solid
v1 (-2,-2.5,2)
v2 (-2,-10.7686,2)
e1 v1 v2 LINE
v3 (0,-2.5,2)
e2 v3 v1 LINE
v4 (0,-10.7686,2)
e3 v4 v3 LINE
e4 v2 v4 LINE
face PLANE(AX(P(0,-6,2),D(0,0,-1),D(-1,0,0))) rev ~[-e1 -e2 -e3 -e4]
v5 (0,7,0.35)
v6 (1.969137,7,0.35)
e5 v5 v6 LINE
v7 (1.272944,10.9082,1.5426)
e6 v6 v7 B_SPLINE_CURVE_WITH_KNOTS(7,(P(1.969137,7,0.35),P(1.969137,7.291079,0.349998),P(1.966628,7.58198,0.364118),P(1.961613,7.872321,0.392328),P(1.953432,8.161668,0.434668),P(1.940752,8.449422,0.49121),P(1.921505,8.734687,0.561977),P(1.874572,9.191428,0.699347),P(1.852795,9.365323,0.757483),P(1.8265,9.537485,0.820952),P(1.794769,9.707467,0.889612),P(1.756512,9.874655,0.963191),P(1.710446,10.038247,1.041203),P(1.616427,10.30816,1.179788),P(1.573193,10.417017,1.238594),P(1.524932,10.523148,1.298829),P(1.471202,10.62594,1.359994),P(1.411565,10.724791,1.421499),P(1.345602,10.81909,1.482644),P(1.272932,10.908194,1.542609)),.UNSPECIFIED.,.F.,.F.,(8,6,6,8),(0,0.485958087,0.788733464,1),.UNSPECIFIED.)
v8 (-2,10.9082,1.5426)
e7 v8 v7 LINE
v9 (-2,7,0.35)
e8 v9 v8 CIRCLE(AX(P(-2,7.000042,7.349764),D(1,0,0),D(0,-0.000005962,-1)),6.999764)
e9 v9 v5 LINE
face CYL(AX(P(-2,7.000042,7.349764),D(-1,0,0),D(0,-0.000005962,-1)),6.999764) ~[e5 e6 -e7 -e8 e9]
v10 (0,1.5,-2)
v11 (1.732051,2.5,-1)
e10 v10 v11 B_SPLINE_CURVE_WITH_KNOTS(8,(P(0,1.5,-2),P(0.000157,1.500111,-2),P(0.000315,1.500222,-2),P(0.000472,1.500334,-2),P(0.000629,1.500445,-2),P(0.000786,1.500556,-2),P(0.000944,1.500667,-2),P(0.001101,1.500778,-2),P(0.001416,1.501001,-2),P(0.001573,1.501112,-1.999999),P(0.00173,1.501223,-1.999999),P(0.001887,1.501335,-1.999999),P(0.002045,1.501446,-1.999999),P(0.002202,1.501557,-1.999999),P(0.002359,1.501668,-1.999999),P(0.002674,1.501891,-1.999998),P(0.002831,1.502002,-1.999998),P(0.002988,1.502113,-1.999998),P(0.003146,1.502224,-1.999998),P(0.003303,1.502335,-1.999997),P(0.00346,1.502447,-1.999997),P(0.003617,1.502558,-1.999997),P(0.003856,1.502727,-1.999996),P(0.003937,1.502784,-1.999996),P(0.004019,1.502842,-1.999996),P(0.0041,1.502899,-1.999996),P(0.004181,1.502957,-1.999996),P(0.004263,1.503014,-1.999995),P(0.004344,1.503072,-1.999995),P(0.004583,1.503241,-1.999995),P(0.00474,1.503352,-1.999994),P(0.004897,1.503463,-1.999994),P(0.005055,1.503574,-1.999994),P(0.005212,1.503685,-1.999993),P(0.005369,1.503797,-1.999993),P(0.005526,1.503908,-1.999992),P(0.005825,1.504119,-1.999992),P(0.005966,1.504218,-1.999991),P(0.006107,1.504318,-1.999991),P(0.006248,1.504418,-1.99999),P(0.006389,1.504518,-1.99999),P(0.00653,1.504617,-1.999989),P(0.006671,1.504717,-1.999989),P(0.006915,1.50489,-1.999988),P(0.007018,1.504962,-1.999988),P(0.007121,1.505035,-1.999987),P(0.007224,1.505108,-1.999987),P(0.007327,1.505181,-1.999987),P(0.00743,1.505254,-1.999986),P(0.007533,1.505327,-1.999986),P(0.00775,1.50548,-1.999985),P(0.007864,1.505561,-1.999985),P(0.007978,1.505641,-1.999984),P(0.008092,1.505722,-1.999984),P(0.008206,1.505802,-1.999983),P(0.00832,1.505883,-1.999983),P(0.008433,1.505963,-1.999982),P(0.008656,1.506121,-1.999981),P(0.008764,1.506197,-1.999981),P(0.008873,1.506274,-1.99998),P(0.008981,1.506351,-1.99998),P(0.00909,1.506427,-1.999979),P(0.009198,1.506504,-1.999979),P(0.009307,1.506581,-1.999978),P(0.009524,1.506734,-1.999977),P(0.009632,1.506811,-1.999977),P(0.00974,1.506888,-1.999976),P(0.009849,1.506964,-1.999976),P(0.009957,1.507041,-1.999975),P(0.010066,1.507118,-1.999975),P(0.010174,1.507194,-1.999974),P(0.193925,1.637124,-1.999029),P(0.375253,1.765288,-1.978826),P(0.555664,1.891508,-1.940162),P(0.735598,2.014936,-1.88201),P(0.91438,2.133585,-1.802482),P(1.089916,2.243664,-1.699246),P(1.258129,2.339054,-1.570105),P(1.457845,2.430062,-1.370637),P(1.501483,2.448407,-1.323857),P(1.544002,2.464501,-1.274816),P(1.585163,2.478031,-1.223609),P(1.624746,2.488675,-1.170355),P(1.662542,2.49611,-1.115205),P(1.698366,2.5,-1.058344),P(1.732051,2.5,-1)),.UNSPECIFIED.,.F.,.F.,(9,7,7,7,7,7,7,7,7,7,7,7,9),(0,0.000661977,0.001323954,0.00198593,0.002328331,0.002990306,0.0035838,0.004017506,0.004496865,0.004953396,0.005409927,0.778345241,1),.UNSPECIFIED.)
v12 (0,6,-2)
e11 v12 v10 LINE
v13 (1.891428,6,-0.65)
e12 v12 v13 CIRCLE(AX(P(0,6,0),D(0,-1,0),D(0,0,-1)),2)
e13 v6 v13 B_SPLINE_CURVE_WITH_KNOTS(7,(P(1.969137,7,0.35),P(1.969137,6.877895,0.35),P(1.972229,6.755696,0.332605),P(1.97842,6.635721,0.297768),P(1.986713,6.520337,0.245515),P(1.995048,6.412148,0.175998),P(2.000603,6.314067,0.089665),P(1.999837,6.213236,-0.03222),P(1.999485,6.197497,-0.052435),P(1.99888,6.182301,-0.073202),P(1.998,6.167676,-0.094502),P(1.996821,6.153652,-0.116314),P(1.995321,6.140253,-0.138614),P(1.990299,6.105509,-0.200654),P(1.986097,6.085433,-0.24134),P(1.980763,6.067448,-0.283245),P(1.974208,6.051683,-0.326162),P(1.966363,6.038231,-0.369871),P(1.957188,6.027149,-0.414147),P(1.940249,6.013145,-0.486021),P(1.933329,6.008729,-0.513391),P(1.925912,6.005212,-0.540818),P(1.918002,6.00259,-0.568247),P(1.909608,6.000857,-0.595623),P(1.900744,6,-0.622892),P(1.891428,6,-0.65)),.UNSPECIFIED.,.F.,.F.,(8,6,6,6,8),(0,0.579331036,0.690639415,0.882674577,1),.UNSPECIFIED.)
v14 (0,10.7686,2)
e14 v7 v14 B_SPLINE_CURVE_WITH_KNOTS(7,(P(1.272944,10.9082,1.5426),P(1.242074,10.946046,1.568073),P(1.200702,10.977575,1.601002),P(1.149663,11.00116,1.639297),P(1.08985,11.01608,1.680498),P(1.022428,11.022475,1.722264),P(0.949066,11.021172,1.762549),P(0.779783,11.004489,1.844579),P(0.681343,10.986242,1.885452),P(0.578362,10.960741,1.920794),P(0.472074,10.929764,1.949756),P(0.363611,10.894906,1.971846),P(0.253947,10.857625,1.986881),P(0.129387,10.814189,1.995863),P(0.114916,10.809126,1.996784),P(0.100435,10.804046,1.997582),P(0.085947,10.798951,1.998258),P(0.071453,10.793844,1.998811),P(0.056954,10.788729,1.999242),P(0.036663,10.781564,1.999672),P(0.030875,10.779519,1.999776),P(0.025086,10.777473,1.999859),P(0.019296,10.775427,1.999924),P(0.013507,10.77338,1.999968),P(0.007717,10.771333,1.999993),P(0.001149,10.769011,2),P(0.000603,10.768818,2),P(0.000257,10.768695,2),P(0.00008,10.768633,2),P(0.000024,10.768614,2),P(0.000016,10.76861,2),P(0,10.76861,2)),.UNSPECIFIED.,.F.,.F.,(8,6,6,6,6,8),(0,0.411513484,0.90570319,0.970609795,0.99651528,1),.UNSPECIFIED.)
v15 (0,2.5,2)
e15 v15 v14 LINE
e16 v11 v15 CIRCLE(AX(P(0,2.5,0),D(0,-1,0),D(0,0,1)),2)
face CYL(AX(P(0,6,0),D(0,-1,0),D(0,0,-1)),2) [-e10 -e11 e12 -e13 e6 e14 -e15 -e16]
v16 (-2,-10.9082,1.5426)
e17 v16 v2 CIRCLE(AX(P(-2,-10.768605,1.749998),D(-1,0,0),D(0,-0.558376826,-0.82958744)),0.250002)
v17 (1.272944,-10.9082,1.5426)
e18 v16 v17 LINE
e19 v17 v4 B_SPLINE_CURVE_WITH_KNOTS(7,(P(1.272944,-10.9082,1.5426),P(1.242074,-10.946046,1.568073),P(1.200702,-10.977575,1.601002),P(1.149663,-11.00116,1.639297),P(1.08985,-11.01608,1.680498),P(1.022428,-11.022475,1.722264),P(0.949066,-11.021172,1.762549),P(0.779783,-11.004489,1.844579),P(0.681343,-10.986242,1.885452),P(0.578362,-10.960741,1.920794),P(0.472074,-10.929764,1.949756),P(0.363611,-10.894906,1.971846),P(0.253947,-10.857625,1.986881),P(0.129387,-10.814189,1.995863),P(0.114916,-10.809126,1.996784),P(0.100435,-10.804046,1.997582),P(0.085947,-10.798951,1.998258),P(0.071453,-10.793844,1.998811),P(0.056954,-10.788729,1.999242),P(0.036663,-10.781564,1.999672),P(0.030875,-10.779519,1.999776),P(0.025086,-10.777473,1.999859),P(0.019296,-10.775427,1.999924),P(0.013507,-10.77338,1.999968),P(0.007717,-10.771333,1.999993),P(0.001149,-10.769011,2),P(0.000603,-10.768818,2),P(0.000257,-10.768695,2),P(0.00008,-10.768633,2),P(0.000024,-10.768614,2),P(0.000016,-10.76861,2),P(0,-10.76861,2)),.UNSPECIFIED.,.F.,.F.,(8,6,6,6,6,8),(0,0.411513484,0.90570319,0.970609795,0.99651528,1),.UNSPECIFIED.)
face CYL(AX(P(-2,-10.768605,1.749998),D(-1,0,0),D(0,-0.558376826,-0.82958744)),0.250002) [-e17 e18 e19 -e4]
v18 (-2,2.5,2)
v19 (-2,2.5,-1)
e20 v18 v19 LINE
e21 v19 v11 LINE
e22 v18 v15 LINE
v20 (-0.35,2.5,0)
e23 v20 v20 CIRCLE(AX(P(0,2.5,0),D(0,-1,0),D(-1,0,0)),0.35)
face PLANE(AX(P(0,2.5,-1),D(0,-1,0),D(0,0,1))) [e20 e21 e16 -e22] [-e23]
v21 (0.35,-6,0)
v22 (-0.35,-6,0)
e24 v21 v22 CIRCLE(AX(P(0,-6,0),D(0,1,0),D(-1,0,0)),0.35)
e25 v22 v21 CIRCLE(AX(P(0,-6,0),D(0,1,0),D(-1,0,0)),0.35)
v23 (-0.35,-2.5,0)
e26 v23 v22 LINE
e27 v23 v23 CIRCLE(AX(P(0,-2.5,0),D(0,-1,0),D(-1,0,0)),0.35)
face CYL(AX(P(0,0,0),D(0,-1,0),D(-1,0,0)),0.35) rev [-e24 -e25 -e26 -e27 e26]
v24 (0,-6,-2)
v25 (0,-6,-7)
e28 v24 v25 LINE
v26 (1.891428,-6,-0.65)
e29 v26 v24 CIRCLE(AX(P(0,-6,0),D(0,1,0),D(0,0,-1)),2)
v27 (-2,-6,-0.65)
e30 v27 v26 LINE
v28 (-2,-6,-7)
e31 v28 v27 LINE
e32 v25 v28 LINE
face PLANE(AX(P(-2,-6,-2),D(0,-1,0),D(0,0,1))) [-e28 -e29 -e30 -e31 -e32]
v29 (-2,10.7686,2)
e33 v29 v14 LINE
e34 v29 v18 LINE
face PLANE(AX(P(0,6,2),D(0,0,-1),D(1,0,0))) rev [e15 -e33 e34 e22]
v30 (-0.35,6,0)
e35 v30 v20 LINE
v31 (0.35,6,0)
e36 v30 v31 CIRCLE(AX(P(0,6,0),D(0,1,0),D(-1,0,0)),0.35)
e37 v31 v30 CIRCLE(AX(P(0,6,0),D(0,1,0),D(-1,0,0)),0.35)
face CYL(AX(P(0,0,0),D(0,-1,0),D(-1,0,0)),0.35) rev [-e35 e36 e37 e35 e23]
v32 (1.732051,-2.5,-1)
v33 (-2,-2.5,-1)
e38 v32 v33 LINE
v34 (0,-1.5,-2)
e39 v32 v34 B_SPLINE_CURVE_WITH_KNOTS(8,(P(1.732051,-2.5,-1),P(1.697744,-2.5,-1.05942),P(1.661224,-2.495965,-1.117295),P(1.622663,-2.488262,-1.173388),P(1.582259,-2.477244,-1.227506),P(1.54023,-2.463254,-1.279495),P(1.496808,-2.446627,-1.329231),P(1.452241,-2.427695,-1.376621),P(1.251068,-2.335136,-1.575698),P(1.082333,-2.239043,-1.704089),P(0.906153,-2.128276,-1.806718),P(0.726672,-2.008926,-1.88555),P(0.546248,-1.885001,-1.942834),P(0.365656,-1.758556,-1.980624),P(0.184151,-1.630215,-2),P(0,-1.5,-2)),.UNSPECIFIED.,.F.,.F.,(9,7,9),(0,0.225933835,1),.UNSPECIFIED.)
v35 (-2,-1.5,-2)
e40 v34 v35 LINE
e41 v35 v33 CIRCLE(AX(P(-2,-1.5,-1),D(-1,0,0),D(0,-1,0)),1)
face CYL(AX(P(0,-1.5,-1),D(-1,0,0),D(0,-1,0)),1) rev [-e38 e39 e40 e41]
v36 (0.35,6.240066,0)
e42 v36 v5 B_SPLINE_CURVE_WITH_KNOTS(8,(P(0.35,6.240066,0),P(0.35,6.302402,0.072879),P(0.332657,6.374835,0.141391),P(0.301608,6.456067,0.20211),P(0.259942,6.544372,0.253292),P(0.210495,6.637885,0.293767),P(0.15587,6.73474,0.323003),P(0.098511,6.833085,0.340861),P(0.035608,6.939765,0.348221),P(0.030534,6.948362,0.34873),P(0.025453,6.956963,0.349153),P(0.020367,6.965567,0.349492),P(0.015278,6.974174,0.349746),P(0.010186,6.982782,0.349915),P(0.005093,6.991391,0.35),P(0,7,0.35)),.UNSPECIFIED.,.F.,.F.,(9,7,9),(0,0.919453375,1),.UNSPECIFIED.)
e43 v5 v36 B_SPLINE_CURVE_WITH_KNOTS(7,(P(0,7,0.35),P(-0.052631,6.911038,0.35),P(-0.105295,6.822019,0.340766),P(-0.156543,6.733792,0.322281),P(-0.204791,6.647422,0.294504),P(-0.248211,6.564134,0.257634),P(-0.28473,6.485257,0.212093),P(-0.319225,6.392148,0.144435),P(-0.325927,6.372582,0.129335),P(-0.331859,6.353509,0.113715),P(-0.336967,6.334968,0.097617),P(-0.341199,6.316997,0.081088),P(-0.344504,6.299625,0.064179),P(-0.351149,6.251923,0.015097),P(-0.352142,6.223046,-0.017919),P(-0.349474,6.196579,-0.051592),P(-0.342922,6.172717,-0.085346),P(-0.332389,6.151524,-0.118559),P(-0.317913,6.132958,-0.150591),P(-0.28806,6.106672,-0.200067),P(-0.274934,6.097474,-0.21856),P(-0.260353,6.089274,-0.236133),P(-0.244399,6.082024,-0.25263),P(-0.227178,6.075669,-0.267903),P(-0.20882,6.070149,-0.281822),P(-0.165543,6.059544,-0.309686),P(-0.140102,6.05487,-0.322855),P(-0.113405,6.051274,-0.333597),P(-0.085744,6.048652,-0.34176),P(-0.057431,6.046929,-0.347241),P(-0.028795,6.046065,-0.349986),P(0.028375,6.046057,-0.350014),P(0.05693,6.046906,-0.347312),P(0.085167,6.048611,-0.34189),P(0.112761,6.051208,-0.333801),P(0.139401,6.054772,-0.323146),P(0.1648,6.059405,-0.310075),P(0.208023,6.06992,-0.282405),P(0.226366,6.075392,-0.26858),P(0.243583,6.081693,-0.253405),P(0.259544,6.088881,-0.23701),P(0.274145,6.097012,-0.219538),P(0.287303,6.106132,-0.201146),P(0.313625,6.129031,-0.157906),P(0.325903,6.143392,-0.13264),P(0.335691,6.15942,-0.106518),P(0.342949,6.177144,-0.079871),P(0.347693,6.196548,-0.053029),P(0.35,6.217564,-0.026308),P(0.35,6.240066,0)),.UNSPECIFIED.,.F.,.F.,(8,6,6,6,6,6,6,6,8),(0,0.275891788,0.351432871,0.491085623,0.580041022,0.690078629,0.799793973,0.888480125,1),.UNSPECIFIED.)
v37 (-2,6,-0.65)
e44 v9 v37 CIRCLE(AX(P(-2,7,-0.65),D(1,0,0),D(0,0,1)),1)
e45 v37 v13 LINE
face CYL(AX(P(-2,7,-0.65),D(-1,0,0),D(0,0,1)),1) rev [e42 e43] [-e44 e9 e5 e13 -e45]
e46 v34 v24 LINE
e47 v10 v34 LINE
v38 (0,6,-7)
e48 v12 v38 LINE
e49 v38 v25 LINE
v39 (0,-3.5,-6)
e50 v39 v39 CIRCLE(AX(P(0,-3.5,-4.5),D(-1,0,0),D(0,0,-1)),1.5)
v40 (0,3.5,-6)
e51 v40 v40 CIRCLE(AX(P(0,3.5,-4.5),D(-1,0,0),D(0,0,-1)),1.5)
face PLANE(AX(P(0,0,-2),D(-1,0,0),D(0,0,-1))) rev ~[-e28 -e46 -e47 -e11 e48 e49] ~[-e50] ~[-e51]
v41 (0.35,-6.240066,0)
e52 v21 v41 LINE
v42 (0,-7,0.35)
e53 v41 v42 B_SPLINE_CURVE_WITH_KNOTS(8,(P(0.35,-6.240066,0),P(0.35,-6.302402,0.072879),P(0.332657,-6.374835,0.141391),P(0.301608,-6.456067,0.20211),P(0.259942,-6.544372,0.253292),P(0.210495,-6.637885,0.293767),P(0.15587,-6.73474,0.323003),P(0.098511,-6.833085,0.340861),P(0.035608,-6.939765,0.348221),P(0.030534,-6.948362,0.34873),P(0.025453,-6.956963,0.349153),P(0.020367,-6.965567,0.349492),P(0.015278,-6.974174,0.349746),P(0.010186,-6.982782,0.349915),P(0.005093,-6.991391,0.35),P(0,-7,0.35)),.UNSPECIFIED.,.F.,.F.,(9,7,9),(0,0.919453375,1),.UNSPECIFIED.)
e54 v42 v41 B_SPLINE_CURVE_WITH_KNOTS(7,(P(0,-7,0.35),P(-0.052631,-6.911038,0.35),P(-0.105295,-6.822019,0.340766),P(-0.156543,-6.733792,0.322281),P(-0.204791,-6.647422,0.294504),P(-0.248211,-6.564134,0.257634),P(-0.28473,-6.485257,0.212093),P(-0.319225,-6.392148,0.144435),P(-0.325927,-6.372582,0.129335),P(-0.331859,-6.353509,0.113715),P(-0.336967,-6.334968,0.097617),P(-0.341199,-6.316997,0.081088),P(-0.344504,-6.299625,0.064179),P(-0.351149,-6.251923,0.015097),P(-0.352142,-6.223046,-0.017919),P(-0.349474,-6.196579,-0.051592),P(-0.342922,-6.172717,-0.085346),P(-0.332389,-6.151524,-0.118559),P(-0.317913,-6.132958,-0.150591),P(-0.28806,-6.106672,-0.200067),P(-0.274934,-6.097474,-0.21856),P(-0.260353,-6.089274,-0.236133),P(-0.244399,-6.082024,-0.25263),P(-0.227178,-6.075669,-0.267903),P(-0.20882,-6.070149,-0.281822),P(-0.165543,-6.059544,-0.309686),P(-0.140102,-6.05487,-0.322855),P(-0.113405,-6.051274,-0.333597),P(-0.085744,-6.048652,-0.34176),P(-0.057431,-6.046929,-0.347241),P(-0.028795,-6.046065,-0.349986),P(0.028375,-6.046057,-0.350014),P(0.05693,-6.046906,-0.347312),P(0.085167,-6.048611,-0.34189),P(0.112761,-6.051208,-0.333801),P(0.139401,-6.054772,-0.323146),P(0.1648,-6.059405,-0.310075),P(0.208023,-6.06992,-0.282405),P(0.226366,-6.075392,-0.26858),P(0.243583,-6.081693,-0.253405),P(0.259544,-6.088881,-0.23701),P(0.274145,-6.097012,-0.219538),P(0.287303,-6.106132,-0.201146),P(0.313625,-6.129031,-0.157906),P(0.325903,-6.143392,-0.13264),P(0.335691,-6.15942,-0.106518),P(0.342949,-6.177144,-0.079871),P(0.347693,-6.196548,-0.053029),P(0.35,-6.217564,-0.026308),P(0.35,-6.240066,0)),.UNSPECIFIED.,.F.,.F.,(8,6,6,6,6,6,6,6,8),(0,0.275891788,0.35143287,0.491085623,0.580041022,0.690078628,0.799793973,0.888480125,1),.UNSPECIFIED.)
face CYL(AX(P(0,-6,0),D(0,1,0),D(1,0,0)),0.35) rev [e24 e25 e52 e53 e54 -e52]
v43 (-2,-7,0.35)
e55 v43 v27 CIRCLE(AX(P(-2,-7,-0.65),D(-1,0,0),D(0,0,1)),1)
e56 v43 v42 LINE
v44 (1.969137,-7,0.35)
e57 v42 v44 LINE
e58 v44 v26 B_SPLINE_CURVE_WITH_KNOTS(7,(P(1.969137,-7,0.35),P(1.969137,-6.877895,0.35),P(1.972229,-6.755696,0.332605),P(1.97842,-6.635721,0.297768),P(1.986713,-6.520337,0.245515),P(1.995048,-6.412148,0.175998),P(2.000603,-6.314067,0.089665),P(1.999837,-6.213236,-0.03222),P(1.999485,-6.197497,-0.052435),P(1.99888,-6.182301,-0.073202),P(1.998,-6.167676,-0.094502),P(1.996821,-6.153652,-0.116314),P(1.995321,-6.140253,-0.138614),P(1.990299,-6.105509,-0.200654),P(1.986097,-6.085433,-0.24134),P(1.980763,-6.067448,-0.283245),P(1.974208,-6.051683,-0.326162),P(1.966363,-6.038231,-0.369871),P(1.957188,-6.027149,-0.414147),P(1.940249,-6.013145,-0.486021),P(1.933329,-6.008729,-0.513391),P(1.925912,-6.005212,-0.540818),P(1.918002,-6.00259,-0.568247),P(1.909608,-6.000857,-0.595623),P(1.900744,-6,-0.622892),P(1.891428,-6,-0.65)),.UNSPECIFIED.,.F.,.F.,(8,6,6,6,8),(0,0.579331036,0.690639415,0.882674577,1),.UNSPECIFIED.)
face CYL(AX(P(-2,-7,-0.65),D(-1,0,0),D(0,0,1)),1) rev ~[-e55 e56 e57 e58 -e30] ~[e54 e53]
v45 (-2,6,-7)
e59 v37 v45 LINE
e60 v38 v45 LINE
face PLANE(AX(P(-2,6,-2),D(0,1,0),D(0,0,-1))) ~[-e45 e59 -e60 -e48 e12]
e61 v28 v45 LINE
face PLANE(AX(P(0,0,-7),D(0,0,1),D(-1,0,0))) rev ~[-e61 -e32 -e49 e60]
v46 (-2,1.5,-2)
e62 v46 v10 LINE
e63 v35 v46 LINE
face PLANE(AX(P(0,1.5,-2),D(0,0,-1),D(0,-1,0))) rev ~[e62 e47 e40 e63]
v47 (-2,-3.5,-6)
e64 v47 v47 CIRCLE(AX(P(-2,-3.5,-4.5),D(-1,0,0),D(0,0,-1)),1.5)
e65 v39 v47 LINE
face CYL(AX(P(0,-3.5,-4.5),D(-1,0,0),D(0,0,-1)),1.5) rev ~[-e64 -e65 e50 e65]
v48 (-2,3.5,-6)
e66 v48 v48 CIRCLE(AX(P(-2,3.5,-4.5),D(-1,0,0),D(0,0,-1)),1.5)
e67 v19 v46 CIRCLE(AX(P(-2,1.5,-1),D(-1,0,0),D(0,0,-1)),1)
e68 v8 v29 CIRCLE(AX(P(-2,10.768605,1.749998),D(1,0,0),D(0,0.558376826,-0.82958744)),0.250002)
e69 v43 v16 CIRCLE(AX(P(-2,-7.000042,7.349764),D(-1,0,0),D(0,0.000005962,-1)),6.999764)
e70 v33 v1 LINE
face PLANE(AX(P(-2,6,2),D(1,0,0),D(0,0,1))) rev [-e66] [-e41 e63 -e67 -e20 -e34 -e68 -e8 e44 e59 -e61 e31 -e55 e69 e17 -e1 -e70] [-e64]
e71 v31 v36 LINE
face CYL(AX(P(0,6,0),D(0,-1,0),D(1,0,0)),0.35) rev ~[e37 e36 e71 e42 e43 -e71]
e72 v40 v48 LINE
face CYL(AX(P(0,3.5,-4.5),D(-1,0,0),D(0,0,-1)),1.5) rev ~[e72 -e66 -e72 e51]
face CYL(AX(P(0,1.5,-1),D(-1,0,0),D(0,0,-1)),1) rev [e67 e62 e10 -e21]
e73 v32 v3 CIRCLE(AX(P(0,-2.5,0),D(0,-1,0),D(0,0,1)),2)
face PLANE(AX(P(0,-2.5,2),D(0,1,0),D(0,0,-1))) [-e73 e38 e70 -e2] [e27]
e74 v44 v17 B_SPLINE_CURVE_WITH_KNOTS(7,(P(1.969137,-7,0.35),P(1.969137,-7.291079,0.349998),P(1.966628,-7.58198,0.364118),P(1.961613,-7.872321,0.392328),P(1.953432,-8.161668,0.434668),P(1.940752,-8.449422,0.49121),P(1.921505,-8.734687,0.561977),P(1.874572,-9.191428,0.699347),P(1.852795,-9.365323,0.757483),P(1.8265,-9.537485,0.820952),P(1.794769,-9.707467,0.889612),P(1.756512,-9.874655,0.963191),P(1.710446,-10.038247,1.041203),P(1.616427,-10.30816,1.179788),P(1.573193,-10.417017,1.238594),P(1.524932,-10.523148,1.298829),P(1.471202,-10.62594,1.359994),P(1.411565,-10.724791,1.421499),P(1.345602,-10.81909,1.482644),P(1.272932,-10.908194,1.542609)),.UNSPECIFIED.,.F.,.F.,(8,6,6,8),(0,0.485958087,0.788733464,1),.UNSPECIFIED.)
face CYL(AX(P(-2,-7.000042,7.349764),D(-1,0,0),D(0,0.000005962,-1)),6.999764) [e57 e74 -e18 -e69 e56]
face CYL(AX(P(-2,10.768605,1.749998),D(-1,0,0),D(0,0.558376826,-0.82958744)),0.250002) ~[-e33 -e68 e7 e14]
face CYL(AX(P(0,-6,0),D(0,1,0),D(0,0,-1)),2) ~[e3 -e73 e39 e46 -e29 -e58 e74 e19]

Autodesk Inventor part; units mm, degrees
ref_plane "YZ Plane" through (0, 0, 0) normal (1, 0, 0) x (0, 1, 0)
ref_plane "XZ Plane" through (0, 0, 0) normal (0, 1, 0) x (-1, 0, 0)
ref_plane "XY Plane" through (0, 0, 0) normal (0, 0, 1) x (1, 0, 0)
sketch "Sketch1" plane through (0, 0, 0) normal (0, 1, 0) x (-1, 0, 0)
  line L0 (2, -7) -> (2, 2)
  line L1 (2, 2) -> (0, 2)
  arc A0 (0, 2) -> (0, -2) centre (0, 0) ccw
  line L2 (0, -2) -> (0, -7)
  line L3 (0, -7) -> (2, -7)
  circle A1 centre (0, 0) radius 0.35
  dimension "d0" = 5
  dimension "d1" = 2
  dimension "d2" = 2
  dimension "d3" = 0.7
extrude "Extrusion1" add sketch "Sketch1" along normal mid plane 12
sketch "Sketch2" plane through (0, -6, -7) normal (1, 0, 0) x (0, 0, -1)
  line L0 (0, 12) -> (0, 0) projected
  line L1 (-5, 12) -> (0, 12) projected
  line L2 (-5, 12) -> (-5, 0) projected
  line L3 (0, 0) -> (-5, 0) projected
  circle A0 centre (-2.5, 2.5) radius 2.5 construction
  line L4 (0, 0) -> (-5, 0) construction
  circle A1 centre (-2.5, 9.5) radius 2.5 construction
  line L5 (0, 12) -> (-9, 12) construction
  line L6 (-5, 12) -> (-5, 0) construction
  line L7 (0, 12) -> (0, 0) construction
  point P0 (-7, 6)
hole "Hole1" at (0, -3.5, -4.5) at (0, 3.5, -4.5) direction (-1, 0, 0) diameter 3 end through all
sketch "Sketch3" plane through (0, -6, -7) normal (1, 0, 0) x (0, 0, -1)
  circle A0 centre (-2.5, 2.5) radius 1.5 projected
  circle A1 centre (-2.5, 9.5) radius 1.5 projected
  line L0 (0, 12) -> (0, 0) projected
  line L1 (-5, 12) -> (0, 12) projected
  line L2 (-5, 12) -> (-5, 0) projected
  line L3 (0, 0) -> (-5, 0) projected
  line L4 (-9, 3.5) -> (-6, 3.5)
  line L5 (-5, 4.5) -> (-5, 7.5)
  line L6 (-6, 8.5) -> (-9, 8.5)
  line L7 (-9, 8.5) -> (-9, 3.5)
  arc A2 (-6, 3.5) -> (-5, 4.5) centre (-6, 4.5) ccw
  arc A3 (-5, 7.5) -> (-6, 8.5) centre (-6, 7.5) ccw
  line L8 (-9, 0) -> (-9, 12) projected
  point P0 (-7, 6)
  point P1 (-9, 6)
  dimension "d13" = 1
  dimension "d14" = 5
extrude "Extrusion2" cut sketch "Sketch3" along normal through all both and the other way through all contours L2 A2 L4 L7 L6 A3
sketch "Sketch4" plane through (0, -6, 0) normal (0, -1, 0) x (1, 0, 0)
  circle A0 centre (0, 0) radius 0.35 projected
  line L0 (-2, 2) -> (-2, -7) projected
  line L1 (-2, -7) -> (0, -7) projected
  line L2 (0, -7) -> (0, -2) projected
  arc A1 (0, -2) -> (0, 2) centre (0, 0) ccw projected
  line L3 (0, 2) -> (-2, 2) projected
  arc A2 (0, -2) -> (0, 2) centre (0, 0) ccw projected
  line L4 (0, -7) -> (0, -2) projected
  line L5 (0, -2) -> (-2, -2)
  line L6 (-2, 2) -> (-2, -7) projected
extrude "Extrusion3" add sketch "Sketch4" along normal blind 10 contours L3 A1 L5 L0
sketch "Sketch5" plane through (-2, -6, -7) normal (-1, 0, 0) x (0, 0, 1)
  line L0 (9, 3.5) -> (6, 3.5) projected
  arc A0 (5, 4.5) -> (6, 3.5) centre (6, 4.5) ccw projected
  line L1 (5, 4.5) -> (5, 7.5) projected
  arc A1 (6, 8.5) -> (5, 7.5) centre (6, 7.5) ccw projected
  line L2 (6, 8.5) -> (9, 8.5) projected
  line L3 (9, 8.5) -> (9, 12) projected
  line L4 (0, 12) -> (9, 12) projected
  line L5 (0, 12) -> (0, 0) projected
  line L6 (5, 0) -> (0, 0) projected
  line L7 (5, 0) -> (5, -10) projected
  line L8 (9, -10) -> (5, -10) projected
  line L9 (9, -10) -> (9, 3.5) projected
  circle A2 centre (2.5, 9.5) radius 1.5 projected
  circle A3 centre (2.5, 2.5) radius 1.5 projected
  arc A4 (7.35, -1) -> (6.35, 0) centre (6.35, -1) ccw
  line L10 (9, 3.5) -> (9, -10) projected
  arc A5 (7.35, -1) -> (9, -5.5141) centre (14.35, -1) ccw
  line L11 (5, 4.5) -> (5, 0) projected
  line L12 (5, 0) -> (6.35, 0)
  line L13 (7.35, -10) -> (6.65, -10) construction
  line L14 (6, 3.5) -> (9, 3.5) construction
  line L15 (9, -10) -> (9, 3.5) construction
  line L16 (9, -5.5141) -> (9, -10)
  line L17 (7.35, -10) -> (7.35, 3.5) projected
  arc A6 (8.5426, -4.9082) -> (9, -4.7686) centre (8.75, -4.7686) ccw
  line L18 (9, -5.5141) -> (9, -4.7686)
  point P0 (7, 6)
  dimension "d19" = 7
  dimension "d22" = 0.25
  dimension "d23" = 33.939
extrude "Extrusion4" cut sketch "Sketch5" against normal through all contours L9 A5 A6 | L17 L8 L7 L12 A4 | A5 L9 L8 L17
mirror "Mirror1" about plane through (0, 0, 0) normal (0, 1, 0) of "Extrusion3", "Extrusion4"
properties part number "+XPanel_AntennaMount" material "Acetal Resin, Black"
